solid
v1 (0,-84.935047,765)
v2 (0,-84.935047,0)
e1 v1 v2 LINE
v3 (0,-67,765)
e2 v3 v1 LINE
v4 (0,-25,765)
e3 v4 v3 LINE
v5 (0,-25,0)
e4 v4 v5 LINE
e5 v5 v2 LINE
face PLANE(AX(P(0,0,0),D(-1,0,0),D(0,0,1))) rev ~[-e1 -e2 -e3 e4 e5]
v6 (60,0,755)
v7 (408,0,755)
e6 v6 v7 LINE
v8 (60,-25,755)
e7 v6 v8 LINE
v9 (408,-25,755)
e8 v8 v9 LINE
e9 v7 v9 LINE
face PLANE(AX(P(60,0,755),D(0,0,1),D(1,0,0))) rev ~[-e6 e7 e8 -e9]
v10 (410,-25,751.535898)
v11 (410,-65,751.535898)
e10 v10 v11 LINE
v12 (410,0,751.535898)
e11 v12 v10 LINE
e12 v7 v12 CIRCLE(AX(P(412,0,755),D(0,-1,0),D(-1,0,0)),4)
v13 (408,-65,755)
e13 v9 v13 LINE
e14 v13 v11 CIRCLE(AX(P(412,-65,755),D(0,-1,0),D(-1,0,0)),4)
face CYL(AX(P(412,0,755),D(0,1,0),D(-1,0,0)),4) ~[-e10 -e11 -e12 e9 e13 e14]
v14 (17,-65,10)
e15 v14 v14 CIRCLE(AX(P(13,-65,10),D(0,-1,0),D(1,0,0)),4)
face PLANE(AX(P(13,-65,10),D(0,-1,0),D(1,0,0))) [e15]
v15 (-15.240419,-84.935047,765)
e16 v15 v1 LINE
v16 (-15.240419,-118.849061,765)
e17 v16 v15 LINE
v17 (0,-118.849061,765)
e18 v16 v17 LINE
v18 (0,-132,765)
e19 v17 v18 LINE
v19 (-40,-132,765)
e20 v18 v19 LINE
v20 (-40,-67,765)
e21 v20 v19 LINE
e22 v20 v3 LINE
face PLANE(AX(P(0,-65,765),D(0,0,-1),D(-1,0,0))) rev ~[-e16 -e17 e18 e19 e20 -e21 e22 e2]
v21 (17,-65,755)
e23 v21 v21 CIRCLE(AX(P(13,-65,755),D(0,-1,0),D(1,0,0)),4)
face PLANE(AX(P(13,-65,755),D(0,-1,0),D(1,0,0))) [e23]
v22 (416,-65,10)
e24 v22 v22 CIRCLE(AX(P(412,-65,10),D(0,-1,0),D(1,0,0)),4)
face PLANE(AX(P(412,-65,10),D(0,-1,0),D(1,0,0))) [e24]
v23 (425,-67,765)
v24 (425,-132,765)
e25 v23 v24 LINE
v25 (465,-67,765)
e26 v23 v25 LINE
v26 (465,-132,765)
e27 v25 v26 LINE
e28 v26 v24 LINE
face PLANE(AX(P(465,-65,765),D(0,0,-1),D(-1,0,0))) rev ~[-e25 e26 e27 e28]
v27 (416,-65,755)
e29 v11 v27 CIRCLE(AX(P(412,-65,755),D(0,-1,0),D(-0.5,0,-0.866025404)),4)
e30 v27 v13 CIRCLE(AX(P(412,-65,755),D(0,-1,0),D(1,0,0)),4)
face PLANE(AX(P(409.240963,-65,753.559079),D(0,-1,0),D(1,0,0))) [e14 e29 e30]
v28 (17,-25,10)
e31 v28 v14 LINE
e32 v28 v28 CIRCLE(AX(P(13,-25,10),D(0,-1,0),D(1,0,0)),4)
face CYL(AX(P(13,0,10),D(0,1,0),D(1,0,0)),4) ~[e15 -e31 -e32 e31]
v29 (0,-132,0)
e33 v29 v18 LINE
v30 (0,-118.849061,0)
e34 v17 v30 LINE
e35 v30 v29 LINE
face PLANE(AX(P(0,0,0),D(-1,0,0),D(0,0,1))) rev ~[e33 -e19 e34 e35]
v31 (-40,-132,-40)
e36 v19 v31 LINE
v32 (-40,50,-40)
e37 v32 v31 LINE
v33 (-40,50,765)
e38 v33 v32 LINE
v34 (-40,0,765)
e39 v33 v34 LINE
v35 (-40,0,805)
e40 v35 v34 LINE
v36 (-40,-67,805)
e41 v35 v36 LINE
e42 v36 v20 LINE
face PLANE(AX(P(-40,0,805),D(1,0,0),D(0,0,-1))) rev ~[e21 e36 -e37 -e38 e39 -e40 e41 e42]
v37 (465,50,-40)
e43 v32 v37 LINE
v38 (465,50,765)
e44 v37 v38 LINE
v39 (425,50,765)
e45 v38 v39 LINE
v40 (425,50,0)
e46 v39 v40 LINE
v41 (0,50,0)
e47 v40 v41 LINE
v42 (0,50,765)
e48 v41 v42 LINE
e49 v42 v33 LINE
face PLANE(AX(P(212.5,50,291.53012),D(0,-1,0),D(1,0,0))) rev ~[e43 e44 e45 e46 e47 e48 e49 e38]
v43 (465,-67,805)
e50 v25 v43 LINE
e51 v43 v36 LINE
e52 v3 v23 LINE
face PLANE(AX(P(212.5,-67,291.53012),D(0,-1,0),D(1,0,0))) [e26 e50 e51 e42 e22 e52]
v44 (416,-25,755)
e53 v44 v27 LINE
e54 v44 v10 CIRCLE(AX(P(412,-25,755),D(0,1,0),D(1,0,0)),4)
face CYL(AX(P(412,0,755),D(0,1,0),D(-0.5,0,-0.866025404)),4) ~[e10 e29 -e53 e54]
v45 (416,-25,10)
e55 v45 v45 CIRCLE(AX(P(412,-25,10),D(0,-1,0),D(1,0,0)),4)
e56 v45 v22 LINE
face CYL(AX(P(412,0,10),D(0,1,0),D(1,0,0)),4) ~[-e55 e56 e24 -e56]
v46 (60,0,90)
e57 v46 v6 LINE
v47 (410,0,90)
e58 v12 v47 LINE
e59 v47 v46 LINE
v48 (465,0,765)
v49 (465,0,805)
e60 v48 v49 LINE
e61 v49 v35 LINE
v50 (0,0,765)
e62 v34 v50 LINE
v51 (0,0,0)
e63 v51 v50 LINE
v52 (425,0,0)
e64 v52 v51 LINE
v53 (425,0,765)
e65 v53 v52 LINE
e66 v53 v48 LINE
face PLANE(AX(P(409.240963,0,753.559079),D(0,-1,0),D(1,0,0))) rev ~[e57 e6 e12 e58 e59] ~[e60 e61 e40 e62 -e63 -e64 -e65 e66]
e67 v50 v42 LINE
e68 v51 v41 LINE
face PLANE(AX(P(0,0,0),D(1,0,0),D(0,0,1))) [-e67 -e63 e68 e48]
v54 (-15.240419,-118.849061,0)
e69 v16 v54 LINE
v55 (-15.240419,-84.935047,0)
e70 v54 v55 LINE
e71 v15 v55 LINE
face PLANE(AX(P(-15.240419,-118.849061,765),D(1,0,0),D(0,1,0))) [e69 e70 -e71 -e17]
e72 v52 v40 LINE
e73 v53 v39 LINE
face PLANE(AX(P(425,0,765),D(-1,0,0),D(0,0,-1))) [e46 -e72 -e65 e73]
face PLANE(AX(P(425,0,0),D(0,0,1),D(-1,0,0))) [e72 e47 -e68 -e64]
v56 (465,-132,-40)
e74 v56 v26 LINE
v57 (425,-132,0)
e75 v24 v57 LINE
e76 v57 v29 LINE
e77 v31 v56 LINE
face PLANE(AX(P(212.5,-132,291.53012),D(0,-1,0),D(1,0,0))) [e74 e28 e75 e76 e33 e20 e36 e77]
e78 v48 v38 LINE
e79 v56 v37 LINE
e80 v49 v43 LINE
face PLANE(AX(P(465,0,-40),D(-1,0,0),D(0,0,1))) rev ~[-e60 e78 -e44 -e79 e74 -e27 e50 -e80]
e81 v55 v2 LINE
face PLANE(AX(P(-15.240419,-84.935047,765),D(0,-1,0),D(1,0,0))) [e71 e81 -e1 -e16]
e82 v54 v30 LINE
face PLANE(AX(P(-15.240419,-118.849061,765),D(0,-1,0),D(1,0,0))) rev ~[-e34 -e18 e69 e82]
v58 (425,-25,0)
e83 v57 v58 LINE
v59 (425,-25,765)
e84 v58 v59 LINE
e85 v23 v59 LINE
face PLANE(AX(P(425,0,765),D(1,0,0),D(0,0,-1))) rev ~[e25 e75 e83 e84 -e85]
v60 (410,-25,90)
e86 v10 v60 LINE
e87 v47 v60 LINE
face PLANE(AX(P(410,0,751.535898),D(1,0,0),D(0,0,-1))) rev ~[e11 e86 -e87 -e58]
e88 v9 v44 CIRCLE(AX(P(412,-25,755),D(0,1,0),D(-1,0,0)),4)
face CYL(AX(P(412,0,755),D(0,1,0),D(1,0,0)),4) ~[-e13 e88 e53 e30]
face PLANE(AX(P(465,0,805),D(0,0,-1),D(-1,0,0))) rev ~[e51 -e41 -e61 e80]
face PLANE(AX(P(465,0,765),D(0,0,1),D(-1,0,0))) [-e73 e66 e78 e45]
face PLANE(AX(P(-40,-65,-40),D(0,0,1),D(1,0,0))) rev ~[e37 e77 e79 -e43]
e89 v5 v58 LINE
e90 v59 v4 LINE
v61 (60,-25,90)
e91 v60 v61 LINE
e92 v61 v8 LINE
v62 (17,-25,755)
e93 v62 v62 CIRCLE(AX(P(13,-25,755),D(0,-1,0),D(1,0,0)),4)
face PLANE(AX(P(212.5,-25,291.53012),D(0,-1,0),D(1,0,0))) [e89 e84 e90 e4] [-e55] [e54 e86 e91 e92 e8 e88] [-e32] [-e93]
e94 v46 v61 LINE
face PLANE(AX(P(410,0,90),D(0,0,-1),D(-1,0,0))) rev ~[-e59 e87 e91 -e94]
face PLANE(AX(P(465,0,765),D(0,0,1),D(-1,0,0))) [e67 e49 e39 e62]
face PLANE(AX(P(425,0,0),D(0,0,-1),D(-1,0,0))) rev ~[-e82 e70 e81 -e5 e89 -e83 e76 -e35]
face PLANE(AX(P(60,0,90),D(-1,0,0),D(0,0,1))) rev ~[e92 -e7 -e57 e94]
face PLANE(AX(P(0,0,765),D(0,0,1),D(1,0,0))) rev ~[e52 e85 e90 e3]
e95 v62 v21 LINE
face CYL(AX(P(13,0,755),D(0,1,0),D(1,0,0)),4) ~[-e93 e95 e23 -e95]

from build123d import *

# Parameters (mm, degrees)
F0_W     = 425
F0_H     = 765
F0_R     = 4
F1_DEPTH = 25
F2_DEPTH = 65
F3_DEPTH = 65
F4_DEPTH = 50
F5_DEPTH = 67
F6_W     = 15.2404187247
F6_H     = 33.9140146971
F7_DEPTH = 765


with BuildPart() as f1:
    # F0 (on Front) → F1 (new body)
    with BuildSketch(Plane.XZ):
        Polygon((425, 0), (0, 0), (0, 765), (-40, 765), (-40, -40), (465, -40), (465, 765), (425, 765), align=None)
        with Locations((212.5, 382.5)):
            Rectangle(F0_W, F0_H)
        with Locations((13, 10)):
            Circle(F0_R, mode=Mode.SUBTRACT)
        with Locations((412, 10)):
            Circle(F0_R, mode=Mode.SUBTRACT)
        with Locations((13, 755)):
            Circle(F0_R, mode=Mode.SUBTRACT)
        with BuildLine():
            ThreePointArc((408, 755), (412, 759), (416, 755))
            ThreePointArc((416, 755), (414, 751.5358983849), (410, 751.5358983849))
            Line((410, 751.5358983849), (410, 90))
            Line((410, 90), (60, 90))
            Line((60, 90), (60, 755))
            Line((60, 755), (408, 755))
        make_face(mode=Mode.SUBTRACT)
    extrude(amount=F1_DEPTH)

    # F0 (on Front) → F2 (join)
    with BuildSketch(Plane.XZ):
        with BuildLine():
            Line((410, 755), (408, 755))
            ThreePointArc((408, 755), (408.5358983849, 753), (410, 751.5358983849))
            Line((410, 751.5358983849), (410, 755))
        make_face()
        with BuildLine():
            ThreePointArc((410, 751.5358983849), (414, 751.5358983849), (416, 755))
            ThreePointArc((416, 755), (412, 759), (408, 755))
            Line((408, 755), (410, 755))
            Line((410, 755), (410, 751.5358983849))
        make_face()
        with Locations((13, 755)):
            Circle(F0_R)
        with Locations((412, 10)):
            Circle(F0_R)
        with Locations((13, 10)):
            Circle(F0_R)
    extrude(amount=F2_DEPTH)

    # F0 (on Front) → F3 (join, through all)
    with BuildSketch(Plane.XZ):
        Polygon((425, 0), (0, 0), (0, 765), (-40, 765), (-40, -40), (465, -40), (465, 765), (425, 765), align=None)
    extrude(amount=F3_DEPTH)

    # F0 (on Front) → F4 (join)
    with BuildSketch(Plane.XZ):
        Polygon((425, 0), (0, 0), (0, 765), (-40, 765), (-40, -40), (465, -40), (465, 765), (425, 765), align=None)
    extrude(amount=-F4_DEPTH)

    # F0 (on Front) + F3_face (on face) → F5 (join)
    with BuildSketch(Plane.XZ):
        Polygon((425, 0), (0, 0), (0, 765), (-40, 765), (-40, -40), (465, -40), (465, 765), (425, 765), align=None)
        Polygon((-40, 765), (0, 765), (425, 765), (465, 765), (465, 805), (-40, 805), align=None)
    with BuildSketch(Plane(origin=(212.5, -65, 282.6167076167), x_dir=(1, 0, 0), z_dir=(0, -1, 0))):
        Polygon((212.5, -282.6167076167), (-212.5, -282.6167076167), (-212.5, 482.3832923833), (-252.5, 482.3832923833), (-252.5, -322.6167076167), (252.5, -322.6167076167), (252.5, 482.3832923833), (212.5, 482.3832923833), align=None)
    extrude(amount=F5_DEPTH)

    # F6 (on face) → F7 (cut, through all)
    with BuildSketch(Plane.XY.offset(765)):
        with Locations((-7.6202093624, -101.892054081)):
            Rectangle(F6_W, F6_H)
    extrude(amount=-F7_DEPTH, mode=Mode.SUBTRACT)


solid = f1.part
